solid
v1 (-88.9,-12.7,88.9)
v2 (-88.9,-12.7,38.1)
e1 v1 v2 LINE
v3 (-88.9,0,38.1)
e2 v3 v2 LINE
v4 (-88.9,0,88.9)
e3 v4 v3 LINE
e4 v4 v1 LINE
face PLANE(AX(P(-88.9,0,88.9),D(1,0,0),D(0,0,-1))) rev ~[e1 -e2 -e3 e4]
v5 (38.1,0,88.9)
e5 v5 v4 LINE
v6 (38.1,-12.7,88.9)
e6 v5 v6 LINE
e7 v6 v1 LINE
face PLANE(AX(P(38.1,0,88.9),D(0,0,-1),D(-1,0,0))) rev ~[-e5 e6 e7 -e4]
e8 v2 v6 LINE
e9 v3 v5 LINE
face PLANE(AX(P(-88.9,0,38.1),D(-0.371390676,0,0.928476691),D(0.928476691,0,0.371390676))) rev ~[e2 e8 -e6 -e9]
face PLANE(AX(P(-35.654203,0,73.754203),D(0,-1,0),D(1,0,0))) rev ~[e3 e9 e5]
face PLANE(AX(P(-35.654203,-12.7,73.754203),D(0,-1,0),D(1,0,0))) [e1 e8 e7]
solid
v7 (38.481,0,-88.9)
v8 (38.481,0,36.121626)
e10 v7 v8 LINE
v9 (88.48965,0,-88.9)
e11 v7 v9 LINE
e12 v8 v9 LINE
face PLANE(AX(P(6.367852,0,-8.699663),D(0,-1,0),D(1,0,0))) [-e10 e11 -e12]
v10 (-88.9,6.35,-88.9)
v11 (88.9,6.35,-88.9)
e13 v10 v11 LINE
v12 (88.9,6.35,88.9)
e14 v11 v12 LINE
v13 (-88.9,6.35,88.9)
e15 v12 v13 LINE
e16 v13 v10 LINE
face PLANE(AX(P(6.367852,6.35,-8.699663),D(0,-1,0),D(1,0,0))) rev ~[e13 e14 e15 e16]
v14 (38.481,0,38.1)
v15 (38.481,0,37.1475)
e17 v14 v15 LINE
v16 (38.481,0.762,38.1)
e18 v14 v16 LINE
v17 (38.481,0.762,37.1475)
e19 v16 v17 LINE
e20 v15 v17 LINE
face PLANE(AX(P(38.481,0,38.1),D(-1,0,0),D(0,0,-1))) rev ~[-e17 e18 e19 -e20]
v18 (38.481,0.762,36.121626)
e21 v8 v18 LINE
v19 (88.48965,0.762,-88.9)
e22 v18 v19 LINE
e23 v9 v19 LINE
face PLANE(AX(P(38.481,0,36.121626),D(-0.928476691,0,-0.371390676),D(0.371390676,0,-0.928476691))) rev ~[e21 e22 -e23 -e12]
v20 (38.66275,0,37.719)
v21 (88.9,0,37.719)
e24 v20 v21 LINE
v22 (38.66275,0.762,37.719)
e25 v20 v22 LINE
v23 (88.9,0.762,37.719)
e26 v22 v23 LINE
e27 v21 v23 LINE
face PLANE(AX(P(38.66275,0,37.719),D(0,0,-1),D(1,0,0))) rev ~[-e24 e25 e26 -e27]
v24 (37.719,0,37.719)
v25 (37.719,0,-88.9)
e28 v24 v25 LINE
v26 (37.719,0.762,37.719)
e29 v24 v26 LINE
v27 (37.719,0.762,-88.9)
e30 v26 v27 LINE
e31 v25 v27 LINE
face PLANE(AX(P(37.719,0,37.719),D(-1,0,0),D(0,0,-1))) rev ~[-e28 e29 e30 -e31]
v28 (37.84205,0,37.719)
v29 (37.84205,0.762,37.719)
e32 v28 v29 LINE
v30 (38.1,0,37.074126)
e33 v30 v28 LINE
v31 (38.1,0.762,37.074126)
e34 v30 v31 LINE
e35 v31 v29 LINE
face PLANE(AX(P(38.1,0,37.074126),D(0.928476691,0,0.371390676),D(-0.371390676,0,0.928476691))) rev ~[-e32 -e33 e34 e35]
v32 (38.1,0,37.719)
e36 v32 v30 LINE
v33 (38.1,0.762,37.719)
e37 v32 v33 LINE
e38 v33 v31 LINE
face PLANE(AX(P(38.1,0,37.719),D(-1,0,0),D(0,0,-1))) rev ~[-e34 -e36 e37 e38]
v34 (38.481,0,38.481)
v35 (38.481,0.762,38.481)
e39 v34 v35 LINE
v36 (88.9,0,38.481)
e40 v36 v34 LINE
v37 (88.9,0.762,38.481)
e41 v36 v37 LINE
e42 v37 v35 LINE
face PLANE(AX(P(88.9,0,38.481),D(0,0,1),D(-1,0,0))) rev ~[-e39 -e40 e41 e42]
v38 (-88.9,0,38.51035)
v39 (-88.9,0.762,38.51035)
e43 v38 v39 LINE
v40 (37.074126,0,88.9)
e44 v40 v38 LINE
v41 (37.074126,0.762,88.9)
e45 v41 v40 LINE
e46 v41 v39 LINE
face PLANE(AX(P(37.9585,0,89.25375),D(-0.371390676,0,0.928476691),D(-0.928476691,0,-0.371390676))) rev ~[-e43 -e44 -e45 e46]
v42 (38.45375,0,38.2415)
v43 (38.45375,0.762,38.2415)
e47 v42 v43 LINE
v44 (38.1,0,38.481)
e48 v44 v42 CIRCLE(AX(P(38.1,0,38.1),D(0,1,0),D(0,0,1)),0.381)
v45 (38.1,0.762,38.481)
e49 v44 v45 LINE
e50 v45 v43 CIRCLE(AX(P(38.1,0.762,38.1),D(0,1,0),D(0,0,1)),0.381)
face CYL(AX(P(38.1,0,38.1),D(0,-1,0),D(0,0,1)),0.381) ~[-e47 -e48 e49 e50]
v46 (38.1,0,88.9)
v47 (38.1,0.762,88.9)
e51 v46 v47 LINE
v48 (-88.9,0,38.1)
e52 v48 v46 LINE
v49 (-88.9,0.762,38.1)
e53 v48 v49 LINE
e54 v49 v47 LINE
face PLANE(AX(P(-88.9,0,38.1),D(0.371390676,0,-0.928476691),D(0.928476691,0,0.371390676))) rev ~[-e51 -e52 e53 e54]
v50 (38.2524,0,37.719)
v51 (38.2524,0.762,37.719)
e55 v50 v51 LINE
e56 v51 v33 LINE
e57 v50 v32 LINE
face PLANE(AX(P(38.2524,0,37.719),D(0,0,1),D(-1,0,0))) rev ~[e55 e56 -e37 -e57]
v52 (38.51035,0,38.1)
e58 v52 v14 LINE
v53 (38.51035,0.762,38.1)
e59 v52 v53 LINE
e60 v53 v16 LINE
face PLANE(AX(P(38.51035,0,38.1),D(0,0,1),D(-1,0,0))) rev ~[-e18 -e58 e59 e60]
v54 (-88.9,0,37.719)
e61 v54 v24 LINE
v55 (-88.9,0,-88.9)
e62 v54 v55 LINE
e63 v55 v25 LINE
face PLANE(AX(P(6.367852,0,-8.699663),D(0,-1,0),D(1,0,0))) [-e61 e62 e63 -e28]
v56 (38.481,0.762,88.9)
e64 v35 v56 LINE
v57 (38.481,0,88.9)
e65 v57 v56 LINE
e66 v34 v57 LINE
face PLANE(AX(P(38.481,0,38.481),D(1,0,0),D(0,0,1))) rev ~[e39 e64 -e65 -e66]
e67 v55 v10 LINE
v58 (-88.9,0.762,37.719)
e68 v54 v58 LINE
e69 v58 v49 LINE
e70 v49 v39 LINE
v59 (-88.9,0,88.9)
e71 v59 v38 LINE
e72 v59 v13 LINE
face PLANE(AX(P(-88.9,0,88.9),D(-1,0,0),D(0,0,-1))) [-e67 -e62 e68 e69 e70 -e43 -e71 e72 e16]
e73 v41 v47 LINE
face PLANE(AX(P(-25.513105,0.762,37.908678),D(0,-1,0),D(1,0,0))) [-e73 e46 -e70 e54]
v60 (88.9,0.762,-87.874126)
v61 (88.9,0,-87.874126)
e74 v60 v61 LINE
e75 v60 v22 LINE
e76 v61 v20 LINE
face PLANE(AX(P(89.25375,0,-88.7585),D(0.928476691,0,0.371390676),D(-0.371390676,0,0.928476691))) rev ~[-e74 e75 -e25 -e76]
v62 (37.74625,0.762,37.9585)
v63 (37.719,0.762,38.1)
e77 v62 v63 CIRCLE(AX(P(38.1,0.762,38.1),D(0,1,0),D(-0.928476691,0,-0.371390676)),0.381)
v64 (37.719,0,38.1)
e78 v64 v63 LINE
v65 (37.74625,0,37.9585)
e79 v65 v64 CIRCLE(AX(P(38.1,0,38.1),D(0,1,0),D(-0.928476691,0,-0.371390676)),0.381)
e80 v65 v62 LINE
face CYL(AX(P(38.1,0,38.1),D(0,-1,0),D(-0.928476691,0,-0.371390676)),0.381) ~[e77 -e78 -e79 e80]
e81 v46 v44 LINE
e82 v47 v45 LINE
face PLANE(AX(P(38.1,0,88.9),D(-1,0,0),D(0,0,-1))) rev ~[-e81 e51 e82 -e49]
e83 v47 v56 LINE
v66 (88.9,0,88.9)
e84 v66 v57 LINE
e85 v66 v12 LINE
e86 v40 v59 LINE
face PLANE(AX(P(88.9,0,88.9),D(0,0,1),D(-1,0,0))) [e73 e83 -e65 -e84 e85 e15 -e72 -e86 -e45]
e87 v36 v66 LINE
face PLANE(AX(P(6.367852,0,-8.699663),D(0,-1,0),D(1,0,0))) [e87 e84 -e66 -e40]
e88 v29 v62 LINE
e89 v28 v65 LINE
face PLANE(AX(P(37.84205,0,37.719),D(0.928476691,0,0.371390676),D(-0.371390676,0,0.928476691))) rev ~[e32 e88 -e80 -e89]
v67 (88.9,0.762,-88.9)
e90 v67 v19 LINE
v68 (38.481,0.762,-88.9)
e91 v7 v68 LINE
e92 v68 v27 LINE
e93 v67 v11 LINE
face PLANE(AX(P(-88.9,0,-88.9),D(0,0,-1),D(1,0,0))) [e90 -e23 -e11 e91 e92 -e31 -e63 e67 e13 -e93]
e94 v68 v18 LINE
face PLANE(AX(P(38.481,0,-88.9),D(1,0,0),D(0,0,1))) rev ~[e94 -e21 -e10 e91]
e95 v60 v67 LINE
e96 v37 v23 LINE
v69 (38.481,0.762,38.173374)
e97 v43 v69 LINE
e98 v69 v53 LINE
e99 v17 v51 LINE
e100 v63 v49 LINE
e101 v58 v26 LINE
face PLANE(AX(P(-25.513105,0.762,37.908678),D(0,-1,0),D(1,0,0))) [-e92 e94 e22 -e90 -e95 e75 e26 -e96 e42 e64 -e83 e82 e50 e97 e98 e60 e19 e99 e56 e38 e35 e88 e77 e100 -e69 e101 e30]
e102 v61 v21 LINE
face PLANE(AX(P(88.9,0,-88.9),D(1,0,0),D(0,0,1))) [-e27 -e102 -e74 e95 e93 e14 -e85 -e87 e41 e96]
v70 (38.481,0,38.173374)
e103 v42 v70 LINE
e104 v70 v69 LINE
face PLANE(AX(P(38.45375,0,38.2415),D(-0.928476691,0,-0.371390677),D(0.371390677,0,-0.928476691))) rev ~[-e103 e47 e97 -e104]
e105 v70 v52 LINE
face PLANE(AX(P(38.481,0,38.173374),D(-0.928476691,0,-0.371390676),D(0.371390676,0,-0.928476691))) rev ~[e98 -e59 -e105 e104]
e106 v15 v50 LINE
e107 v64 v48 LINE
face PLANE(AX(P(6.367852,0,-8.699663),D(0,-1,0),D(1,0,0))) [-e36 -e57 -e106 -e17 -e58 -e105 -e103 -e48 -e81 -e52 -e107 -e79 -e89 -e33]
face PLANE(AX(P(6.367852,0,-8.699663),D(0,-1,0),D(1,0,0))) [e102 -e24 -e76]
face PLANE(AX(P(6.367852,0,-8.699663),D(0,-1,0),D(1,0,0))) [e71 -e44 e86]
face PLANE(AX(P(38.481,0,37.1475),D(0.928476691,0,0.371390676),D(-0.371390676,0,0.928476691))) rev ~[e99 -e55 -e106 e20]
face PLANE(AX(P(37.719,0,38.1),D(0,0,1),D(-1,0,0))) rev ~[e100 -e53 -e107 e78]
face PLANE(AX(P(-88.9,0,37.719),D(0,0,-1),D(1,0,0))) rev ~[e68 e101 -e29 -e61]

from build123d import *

# Parameters (mm, degrees)
F1_DEPTH = 6.35
F2_DEPTH = 12.7
F4_DEPTH = 0.762


with BuildPart() as f1:
    # F0 (on Front) → F1 (new body)
    with BuildSketch(Plane.XZ):
        Polygon((88.9, -88.9), (88.9, 88.9), (38.1, 88.9), (-88.9, 38.1), (-88.9, -88.9), align=None)
        Polygon((-88.9, 38.1), (38.1, 88.9), (-88.9, 88.9), align=None)
    extrude(amount=-F1_DEPTH)

    # F3 (on face) → F4 (cut)
    with BuildSketch(Plane.XZ):
        with BuildLine():
            Line((37.719, 37.719), (37.719, 38.1))
            Line((37.719, 38.1), (-87.8741261042, 38.1))
            Line((-87.8741261042, 38.1), (-88.7585001523, 37.7462503808))
            ThreePointArc((-88.7585001523, 37.7462503808), (-88.8279500344, 37.7258746167), (-88.9, 37.719))
            Line((-88.9, 37.719), (37.719, 37.719))
        make_face()
        with BuildLine():
            ThreePointArc((37.7462503808, 37.9585001523), (37.7258746167, 38.0279500344), (37.719, 38.1))
            Line((37.719, 38.1), (37.719, 37.719))
            Line((37.719, 37.719), (37.8420504417, 37.719))
            Line((37.8420504417, 37.719), (37.7462503808, 37.9585001523))
        make_face()
        with BuildLine():
            Line((-88.7585001523, 37.7462503808), (-87.8741261042, 38.1))
            Line((-87.8741261042, 38.1), (-88.9, 38.1))
            Line((-88.9, 38.1), (-87.9475, 38.481))
            Line((-87.9475, 38.481), (-88.9, 38.481))
            ThreePointArc((-88.9, 38.481), (-88.9720499656, 38.4741253833), (-89.0414998477, 38.4537496192))
            ThreePointArc((-89.0414998477, 38.4537496192), (-89.2741253833, 38.0279500344), (-88.9, 37.719))
            ThreePointArc((-88.9, 37.719), (-88.8279500344, 37.7258746167), (-88.7585001523, 37.7462503808))
        make_face()
        with BuildLine():
            Line((38.1, 88.4896504417), (38.1, 38.481))
            Line((38.1, 38.481), (38.481, 38.481))
            Line((38.481, 38.481), (38.481, 88.9))
            ThreePointArc((38.481, 88.9), (38.4154936148, 88.6864004237), (38.2414998477, 88.5462503808))
            Line((38.2414998477, 88.5462503808), (38.1, 88.4896504417))
        make_face()
        with BuildLine():
            Line((38.481, 38.481), (38.1, 38.481))
            ThreePointArc((38.1, 38.481), (38.3135995763, 38.4154936148), (38.4537496192, 38.2414998477))
            Line((38.4537496192, 38.2414998477), (38.481, 38.1733738958))
            Line((38.481, 38.1733738958), (38.481, 38.481))
        make_face()
        with BuildLine():
            Line((37.8420504417, 37.719), (37.719, 37.719))
            Line((37.719, 37.719), (37.719, -88.9))
            ThreePointArc((37.719, -88.9), (38.1, -89.281), (38.481, -88.9))
            Line((38.481, -88.9), (38.481, 36.1216261042))
            Line((38.481, 36.1216261042), (38.1, 37.0741261042))
            Line((38.1, 37.0741261042), (37.8420504417, 37.719))
        make_face()
        Polygon((38.5103495583, 38.1), (38.481, 38.1), (38.481, 37.719), (38.6627495583, 37.719), align=None)
        Polygon((38.2524, 37.719), (38.1, 37.719), (38.1, 37.0741261042), (38.481, 36.1216261042), (38.481, 37.1475), align=None)
        with BuildLine():
            Line((38.1, 88.9), (38.1, 88.4896504417))
            Line((38.1, 88.4896504417), (38.2414998477, 88.5462503808))
            ThreePointArc((38.2414998477, 88.5462503808), (38.4154936148, 88.6864004237), (38.481, 88.9))
            ThreePointArc((38.481, 88.9), (38.3135995763, 89.2154936148), (37.9585001523, 89.2537496192))
            ThreePointArc((37.9585001523, 89.2537496192), (37.7845063852, 89.1135995763), (37.719, 88.9))
            Line((37.719, 88.9), (37.719, 88.7476))
            Line((37.719, 88.7476), (38.1, 88.9))
        make_face()
        with BuildLine():
            Line((88.9, 38.481), (38.481, 38.481))
            Line((38.481, 38.481), (38.481, 38.1733738958))
            Line((38.481, 38.1733738958), (38.5103495583, 38.1))
            Line((38.5103495583, 38.1), (38.6627495583, 37.719))
            Line((38.6627495583, 37.719), (88.9, 37.719))
            ThreePointArc((88.9, 37.719), (89.281, 38.1), (88.9, 38.481))
        make_face()
        with BuildLine():
            Line((38.6627495583, 37.719), (38.481, 37.719))
            Line((38.481, 37.719), (38.481, 37.1475))
            Line((38.481, 37.1475), (38.481, 36.1216261042))
            Line((38.481, 36.1216261042), (88.5462503808, -89.0414998477))
            ThreePointArc((88.5462503808, -89.0414998477), (89.0414998477, -89.2537496192), (89.2537496192, -88.7585001523))
            Line((89.2537496192, -88.7585001523), (38.6627495583, 37.719))
        make_face()
        with BuildLine():
            Line((-88.9, 38.481), (-87.9475, 38.481))
            Line((-87.9475, 38.481), (37.719, 88.7476))
            Line((37.719, 88.7476), (37.719, 88.9))
            ThreePointArc((37.719, 88.9), (37.7845063852, 89.1135995763), (37.9585001523, 89.2537496192))
            Line((37.9585001523, 89.2537496192), (-89.0414998477, 38.4537496192))
            ThreePointArc((-89.0414998477, 38.4537496192), (-88.9720499656, 38.4741253833), (-88.9, 38.481))
        make_face()
    extrude(amount=-F4_DEPTH, mode=Mode.SUBTRACT)


with BuildPart() as f2:
    # F0 (on Front) → F2 (new body)
    with BuildSketch(Plane.XZ):
        Polygon((-88.9, 38.1), (38.1, 88.9), (-88.9, 88.9), align=None)
    extrude(amount=F2_DEPTH)


solid = Compound([f1.part, f2.part])
